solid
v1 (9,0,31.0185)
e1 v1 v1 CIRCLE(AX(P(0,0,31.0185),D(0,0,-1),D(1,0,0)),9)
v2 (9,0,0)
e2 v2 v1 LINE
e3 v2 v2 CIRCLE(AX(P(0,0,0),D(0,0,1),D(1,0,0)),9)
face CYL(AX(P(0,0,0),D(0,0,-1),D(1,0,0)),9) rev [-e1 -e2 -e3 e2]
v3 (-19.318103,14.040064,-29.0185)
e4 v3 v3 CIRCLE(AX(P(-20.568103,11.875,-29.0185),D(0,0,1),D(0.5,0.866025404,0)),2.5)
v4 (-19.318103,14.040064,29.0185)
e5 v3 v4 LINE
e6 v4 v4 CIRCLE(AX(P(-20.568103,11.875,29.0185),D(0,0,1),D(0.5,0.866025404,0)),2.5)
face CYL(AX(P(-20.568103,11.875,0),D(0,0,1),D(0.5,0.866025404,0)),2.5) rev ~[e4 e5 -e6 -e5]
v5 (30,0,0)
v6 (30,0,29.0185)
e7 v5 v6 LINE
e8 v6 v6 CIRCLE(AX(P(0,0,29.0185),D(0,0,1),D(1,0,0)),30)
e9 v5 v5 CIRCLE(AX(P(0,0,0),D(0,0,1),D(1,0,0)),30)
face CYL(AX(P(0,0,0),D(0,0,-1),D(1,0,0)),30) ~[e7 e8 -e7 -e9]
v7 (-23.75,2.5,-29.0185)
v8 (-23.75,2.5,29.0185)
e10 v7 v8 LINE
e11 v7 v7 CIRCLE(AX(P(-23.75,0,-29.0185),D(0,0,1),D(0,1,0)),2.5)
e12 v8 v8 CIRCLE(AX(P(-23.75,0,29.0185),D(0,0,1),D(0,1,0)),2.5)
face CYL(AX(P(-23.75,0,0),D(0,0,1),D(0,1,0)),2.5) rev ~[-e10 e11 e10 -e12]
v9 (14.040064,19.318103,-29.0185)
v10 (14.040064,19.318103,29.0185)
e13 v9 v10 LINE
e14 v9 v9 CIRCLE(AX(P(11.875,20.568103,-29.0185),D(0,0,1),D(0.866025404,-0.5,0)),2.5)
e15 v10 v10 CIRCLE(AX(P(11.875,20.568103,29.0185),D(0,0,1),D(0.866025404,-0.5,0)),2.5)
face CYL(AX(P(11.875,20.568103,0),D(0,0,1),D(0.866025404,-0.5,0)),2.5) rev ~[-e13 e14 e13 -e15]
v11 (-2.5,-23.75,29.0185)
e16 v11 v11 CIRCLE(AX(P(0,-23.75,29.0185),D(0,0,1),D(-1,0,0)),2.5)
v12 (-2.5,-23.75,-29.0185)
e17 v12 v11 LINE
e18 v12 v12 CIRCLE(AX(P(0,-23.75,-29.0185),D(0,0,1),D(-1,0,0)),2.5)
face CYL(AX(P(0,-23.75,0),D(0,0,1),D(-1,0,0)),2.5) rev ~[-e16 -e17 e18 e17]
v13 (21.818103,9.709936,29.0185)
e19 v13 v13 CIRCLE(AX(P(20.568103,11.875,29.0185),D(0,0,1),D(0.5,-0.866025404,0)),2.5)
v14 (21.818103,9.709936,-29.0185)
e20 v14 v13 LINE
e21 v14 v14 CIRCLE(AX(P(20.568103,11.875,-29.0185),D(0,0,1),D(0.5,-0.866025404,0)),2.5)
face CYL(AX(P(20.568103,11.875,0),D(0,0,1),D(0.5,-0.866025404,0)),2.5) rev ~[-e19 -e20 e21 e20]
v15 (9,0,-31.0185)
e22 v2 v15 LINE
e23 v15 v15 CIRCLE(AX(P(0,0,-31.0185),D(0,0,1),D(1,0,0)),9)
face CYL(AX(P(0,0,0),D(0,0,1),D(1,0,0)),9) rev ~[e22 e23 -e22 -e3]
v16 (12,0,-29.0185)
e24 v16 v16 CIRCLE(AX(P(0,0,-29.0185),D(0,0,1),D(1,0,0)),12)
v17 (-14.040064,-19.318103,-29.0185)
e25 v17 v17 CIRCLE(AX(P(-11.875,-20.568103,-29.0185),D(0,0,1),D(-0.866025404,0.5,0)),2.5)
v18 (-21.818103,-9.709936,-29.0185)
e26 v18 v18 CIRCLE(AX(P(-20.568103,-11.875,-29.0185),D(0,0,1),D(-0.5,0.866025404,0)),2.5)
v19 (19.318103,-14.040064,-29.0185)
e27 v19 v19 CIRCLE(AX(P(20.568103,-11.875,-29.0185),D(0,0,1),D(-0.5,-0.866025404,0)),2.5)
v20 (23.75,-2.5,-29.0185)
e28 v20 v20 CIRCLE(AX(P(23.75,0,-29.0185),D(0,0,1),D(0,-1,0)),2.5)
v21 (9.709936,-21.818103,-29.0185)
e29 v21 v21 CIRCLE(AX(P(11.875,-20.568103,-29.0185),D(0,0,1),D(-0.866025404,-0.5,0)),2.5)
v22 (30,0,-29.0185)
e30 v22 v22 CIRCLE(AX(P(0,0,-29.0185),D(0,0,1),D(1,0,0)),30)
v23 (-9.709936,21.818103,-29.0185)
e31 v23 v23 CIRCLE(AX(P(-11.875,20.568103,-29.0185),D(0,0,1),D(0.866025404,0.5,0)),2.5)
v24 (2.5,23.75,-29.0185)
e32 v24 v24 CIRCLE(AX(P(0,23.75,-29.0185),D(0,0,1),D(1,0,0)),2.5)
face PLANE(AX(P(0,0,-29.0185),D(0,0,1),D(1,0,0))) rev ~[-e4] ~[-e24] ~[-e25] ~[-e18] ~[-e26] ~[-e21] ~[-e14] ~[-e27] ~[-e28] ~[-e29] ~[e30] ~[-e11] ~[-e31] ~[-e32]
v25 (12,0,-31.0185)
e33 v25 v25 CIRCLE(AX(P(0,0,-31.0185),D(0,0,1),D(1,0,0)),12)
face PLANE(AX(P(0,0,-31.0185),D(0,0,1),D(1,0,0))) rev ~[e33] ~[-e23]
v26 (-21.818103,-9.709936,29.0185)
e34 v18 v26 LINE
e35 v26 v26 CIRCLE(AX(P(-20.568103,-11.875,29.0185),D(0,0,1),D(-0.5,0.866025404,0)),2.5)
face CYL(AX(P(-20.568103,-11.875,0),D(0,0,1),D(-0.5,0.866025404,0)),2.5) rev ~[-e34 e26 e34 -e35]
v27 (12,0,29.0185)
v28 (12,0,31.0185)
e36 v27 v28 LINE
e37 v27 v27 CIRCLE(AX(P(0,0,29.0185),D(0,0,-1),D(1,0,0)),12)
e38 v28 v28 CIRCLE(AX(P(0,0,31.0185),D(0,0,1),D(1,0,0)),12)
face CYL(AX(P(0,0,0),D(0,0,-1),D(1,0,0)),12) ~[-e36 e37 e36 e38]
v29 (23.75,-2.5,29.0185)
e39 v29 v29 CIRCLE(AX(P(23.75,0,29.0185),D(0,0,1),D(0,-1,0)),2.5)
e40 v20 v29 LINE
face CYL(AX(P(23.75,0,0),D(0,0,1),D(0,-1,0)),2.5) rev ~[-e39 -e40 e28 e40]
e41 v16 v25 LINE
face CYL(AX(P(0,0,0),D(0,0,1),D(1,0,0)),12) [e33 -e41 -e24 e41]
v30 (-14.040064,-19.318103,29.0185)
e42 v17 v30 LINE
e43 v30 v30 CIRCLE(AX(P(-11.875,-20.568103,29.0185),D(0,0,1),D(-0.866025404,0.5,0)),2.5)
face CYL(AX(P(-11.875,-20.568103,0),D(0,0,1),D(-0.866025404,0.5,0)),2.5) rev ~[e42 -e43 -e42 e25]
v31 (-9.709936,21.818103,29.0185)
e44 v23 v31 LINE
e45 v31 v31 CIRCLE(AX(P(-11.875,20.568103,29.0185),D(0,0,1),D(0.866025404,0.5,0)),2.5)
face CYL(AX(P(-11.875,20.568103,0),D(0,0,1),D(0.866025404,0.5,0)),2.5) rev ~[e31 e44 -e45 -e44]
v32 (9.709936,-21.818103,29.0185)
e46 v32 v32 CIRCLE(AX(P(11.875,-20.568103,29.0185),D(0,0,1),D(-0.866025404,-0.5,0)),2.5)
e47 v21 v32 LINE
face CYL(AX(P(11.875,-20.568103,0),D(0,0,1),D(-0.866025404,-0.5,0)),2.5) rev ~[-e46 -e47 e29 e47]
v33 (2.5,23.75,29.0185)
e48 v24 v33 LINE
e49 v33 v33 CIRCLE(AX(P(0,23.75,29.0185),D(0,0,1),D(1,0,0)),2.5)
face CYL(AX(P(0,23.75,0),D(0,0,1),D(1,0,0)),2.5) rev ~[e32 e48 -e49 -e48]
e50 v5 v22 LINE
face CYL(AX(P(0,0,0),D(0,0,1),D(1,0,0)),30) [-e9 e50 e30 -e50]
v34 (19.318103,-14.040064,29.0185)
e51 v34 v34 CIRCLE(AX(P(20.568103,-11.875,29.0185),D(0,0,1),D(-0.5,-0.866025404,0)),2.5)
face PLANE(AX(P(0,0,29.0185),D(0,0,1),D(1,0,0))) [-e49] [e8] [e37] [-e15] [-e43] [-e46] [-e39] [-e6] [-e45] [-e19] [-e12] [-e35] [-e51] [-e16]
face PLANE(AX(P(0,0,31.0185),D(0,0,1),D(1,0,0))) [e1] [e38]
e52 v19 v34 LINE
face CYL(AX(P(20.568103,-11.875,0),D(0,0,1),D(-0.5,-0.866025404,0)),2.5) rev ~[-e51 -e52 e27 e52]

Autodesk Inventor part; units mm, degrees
ref_plane "YZ Plane" through (0, 0, 0) normal (1, 0, 0) x (0, 1, 0)
ref_plane "XZ Plane" through (0, 0, 0) normal (0, 1, 0) x (-1, 0, 0)
ref_plane "XY Plane" through (0, 0, 0) normal (0, 0, 1) x (1, 0, 0)
sketch "Sketch1" plane through (0, 0, 0) normal (0, 0, 1) x (1, 0, 0)
  circle A0 centre (0, 0) radius 30
  dimension "d0" = 60
extrude "Extrusion1" add sketch "Sketch1" along normal mid plane 58.037
sketch "Sketch2" plane through (0, 0, 0) normal (0, 0, 1) x (1, 0, 0)
  circle A0 centre (0, 0) radius 30 projected
  circle A1 centre (0, 0) radius 12
  dimension "d3" = 24
extrude "Extrusion2" add sketch "Sketch2" along normal mid plane 62.037 contours A1
sketch "Sketch3" plane through (0, 0, 0) normal (0, 0, 1) x (1, 0, 0)
  circle A0 centre (0, 0) radius 12 projected
  circle A1 centre (0, 0) radius 9
  dimension "d6" = 18
extrude "Extrusion3" cut sketch "Sketch3" along normal mid plane 94.75 contours A1
sketch "Sketch4" plane through (0, 0, 0) normal (0, 0, 1) x (1, 0, 0)
  circle A0 centre (0, 0) radius 23.75
  circle A1 centre (0, 23.75) radius 2.5
  dimension "d9" = 47.5
  dimension "d10" = 5
extrude "Extrusion4" cut sketch "Sketch4" along normal mid plane 127.5 contours A1 A0 | A0 A1 picked at (-0.0971, 22.9126) picked at (0.0803, 24.5697)
pattern_circular "Circular Pattern1" count 12 over 360 about axis through (0, 0, 0) along (0, 0, 1) of "Extrusion4"
properties part number "shaft" material "Steel"
